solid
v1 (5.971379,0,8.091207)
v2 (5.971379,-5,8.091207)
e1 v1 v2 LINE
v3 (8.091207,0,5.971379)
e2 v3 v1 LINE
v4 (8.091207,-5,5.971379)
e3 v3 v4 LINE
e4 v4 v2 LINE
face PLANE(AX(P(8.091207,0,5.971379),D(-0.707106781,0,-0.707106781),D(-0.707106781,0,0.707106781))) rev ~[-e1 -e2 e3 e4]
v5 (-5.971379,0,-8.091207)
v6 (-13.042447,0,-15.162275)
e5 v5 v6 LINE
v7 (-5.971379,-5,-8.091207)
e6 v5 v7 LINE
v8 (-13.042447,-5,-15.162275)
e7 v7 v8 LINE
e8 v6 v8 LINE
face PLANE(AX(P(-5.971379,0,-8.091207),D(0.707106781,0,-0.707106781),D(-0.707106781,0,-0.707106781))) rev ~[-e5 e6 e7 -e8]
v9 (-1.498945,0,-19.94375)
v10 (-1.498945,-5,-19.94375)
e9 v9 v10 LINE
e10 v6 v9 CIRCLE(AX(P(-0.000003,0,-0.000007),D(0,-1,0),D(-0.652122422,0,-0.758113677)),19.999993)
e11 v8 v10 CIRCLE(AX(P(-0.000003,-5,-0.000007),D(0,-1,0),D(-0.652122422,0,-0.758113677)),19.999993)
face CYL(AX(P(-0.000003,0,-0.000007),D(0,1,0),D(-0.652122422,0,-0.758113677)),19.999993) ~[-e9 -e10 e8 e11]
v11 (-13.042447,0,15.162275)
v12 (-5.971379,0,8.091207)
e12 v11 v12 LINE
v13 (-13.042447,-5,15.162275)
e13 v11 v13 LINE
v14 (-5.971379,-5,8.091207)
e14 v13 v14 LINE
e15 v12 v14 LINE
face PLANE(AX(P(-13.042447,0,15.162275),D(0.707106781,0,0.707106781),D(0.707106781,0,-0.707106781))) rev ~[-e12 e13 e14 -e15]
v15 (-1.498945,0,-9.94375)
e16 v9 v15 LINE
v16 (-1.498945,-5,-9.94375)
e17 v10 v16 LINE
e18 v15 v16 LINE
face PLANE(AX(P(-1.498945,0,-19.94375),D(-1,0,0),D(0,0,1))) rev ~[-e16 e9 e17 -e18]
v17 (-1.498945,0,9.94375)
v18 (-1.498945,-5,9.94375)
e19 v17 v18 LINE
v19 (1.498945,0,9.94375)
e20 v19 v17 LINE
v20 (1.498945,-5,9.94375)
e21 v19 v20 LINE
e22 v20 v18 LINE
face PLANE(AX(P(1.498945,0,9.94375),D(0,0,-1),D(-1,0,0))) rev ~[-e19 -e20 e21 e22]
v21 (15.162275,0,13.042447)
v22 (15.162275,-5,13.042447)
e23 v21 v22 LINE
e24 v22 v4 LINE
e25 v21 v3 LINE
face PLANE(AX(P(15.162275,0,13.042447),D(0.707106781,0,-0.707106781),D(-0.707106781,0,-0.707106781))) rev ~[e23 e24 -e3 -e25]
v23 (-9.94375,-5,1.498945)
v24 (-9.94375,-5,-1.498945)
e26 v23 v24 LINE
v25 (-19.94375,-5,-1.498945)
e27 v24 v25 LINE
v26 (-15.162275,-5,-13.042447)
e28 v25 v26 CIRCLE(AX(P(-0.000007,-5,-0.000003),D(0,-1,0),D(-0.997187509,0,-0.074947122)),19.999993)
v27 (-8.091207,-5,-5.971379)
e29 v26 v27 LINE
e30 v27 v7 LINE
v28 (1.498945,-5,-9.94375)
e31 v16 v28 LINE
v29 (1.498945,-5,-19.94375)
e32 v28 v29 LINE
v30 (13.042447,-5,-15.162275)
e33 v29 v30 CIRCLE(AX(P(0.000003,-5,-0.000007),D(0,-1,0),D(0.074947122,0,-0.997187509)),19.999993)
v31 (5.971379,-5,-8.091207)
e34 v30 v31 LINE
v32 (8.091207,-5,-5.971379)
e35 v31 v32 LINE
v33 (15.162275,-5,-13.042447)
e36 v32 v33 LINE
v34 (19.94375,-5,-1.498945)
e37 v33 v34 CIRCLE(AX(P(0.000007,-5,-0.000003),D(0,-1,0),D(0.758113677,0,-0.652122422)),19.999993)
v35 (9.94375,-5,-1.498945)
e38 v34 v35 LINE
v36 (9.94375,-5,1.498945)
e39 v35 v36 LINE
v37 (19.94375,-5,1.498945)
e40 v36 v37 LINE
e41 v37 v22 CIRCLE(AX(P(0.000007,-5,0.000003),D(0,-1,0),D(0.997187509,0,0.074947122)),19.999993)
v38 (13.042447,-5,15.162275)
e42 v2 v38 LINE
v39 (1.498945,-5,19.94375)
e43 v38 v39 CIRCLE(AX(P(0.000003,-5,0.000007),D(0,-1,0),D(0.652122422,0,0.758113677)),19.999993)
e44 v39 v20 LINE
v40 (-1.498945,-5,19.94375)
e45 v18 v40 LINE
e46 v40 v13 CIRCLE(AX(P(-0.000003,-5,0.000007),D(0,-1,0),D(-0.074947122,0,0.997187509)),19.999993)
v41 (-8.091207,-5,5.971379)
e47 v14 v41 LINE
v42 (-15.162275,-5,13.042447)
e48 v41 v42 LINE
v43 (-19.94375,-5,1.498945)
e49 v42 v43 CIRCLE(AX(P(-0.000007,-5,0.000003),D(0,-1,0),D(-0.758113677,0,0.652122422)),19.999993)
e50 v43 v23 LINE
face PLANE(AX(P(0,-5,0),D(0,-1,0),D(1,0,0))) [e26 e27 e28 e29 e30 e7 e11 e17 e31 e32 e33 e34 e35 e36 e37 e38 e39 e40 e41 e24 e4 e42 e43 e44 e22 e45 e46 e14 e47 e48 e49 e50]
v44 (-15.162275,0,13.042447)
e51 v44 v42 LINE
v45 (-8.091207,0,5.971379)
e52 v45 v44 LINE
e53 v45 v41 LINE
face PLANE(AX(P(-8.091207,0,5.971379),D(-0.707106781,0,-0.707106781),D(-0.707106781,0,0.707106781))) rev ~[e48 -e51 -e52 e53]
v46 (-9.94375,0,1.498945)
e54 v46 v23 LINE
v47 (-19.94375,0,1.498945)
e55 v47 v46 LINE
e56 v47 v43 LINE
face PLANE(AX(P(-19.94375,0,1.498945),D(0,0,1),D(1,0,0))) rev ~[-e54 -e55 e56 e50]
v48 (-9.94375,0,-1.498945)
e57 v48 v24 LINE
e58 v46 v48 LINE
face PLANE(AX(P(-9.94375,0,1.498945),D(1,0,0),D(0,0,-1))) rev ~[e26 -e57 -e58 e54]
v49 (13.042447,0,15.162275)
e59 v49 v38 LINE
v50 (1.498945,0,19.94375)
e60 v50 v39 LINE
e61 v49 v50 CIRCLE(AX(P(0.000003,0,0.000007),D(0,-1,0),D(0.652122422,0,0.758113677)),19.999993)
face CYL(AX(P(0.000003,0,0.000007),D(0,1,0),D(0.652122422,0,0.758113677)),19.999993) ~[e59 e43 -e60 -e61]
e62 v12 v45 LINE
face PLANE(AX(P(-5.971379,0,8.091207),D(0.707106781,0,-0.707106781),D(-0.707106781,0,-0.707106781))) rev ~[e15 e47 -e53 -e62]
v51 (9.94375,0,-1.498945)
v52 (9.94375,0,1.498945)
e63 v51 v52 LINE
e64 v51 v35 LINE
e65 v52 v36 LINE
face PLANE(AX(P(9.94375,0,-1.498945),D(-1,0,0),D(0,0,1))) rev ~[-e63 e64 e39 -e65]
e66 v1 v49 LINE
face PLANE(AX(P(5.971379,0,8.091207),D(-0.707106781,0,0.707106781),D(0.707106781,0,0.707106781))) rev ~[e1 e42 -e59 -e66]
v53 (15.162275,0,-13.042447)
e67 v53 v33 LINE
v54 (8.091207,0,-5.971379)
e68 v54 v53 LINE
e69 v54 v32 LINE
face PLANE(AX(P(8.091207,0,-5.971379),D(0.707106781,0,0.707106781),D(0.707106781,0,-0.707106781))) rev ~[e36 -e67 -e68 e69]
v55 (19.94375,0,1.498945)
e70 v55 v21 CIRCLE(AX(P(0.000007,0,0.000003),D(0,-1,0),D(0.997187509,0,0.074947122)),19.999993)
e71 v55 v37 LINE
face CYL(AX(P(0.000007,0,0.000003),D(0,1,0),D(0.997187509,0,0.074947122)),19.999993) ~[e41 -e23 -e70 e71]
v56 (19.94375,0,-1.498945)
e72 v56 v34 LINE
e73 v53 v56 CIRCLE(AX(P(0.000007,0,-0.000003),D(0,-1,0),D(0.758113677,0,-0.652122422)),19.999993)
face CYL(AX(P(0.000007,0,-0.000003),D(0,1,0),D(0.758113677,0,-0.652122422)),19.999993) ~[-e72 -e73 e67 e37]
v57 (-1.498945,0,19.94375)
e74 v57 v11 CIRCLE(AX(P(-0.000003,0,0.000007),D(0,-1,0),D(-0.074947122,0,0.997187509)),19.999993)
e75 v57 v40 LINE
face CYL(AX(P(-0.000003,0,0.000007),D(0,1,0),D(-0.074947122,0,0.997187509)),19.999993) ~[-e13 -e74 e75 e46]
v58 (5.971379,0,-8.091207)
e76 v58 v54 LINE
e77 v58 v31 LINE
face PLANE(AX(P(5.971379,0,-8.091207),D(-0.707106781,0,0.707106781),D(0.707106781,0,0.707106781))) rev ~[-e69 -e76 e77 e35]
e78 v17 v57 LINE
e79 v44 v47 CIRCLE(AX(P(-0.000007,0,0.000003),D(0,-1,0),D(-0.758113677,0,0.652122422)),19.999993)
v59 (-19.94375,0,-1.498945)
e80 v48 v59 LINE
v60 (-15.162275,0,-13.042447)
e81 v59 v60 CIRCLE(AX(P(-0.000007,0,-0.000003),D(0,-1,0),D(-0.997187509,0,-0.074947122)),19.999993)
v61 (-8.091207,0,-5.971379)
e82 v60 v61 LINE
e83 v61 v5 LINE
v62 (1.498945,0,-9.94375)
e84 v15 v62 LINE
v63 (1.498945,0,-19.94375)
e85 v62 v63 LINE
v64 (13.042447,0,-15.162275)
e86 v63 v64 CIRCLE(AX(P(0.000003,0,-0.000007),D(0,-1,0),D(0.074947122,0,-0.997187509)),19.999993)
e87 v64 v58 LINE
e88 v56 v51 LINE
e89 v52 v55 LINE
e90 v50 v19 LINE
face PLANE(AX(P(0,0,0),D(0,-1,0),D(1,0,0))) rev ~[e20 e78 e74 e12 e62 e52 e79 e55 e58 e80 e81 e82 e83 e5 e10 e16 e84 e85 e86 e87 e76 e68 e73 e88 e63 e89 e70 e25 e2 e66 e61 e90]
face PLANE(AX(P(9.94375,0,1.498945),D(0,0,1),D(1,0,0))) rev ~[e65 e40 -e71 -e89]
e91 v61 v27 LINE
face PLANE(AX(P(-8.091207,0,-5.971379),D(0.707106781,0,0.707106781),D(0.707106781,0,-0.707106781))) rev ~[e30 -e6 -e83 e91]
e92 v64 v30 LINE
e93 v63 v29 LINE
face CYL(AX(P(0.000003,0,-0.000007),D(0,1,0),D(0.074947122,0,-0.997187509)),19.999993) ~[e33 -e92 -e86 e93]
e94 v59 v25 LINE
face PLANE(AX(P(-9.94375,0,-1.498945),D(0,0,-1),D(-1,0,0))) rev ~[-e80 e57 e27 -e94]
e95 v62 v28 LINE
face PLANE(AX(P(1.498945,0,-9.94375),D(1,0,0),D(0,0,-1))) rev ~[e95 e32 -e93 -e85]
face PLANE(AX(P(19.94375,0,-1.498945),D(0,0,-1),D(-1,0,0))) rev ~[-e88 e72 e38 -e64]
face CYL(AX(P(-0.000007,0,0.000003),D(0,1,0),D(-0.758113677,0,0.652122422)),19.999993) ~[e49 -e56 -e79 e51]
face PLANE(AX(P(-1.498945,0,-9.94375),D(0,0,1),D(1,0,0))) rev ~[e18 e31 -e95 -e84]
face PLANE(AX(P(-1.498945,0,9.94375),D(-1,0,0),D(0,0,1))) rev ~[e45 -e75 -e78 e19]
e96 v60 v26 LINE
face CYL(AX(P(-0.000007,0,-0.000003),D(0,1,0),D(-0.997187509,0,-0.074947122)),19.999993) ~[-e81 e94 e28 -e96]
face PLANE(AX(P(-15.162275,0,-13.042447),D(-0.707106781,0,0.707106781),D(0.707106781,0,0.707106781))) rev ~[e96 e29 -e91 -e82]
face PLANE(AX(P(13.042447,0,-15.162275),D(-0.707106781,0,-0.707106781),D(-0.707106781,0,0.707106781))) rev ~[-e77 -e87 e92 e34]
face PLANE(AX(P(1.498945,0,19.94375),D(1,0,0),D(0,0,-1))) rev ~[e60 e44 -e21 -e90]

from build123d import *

# Parameters (mm, degrees)
F1_DEPTH = 5


with BuildPart() as f1:
    # F0 (on Front) → F1 (new body)
    with BuildSketch(Plane.XZ):
        with BuildLine():
            Line((-1.498945, 9.94375), (-1.498945, 19.94375))
            ThreePointArc((-1.498945, 19.94375), (-7.653669, 18.477591), (-13.042447, 15.162275))
            Line((-13.042447, 15.162275), (-5.971379, 8.091207))
            Line((-5.971379, 8.091207), (-8.091207, 5.971379))
            Line((-8.091207, 5.971379), (-15.162275, 13.042447))
            ThreePointArc((-15.162275, 13.042447), (-18.477591, 7.653669), (-19.94375, 1.498945))
            Line((-19.94375, 1.498945), (-9.94375, 1.498945))
            Line((-9.94375, 1.498945), (-9.94375, -1.498945))
            Line((-9.94375, -1.498945), (-19.94375, -1.498945))
            ThreePointArc((-19.94375, -1.498945), (-18.477591, -7.653669), (-15.162275, -13.042447))
            Line((-15.162275, -13.042447), (-8.091207, -5.971379))
            Line((-8.091207, -5.971379), (-5.971379, -8.091207))
            Line((-5.971379, -8.091207), (-13.042447, -15.162275))
            ThreePointArc((-13.042447, -15.162275), (-7.653669, -18.477591), (-1.498945, -19.94375))
            Line((-1.498945, -19.94375), (-1.498945, -9.94375))
            Line((-1.498945, -9.94375), (1.498945, -9.94375))
            Line((1.498945, -9.94375), (1.498945, -19.94375))
            ThreePointArc((1.498945, -19.94375), (7.653669, -18.477591), (13.042447, -15.162275))
            Line((13.042447, -15.162275), (5.971379, -8.091207))
            Line((5.971379, -8.091207), (8.091207, -5.971379))
            Line((8.091207, -5.971379), (15.162275, -13.042447))
            ThreePointArc((15.162275, -13.042447), (18.477591, -7.653669), (19.94375, -1.498945))
            Line((19.94375, -1.498945), (9.94375, -1.498945))
            Line((9.94375, -1.498945), (9.94375, 1.498945))
            Line((9.94375, 1.498945), (19.94375, 1.498945))
            ThreePointArc((19.94375, 1.498945), (18.477591, 7.653669), (15.162275, 13.042447))
            Line((15.162275, 13.042447), (8.091207, 5.971379))
            Line((8.091207, 5.971379), (5.971379, 8.091207))
            Line((5.971379, 8.091207), (13.042447, 15.162275))
            ThreePointArc((13.042447, 15.162275), (7.653669, 18.477591), (1.498945, 19.94375))
            Line((1.498945, 19.94375), (1.498945, 9.94375))
            Line((1.498945, 9.94375), (-1.498945, 9.94375))
        make_face()
    extrude(amount=F1_DEPTH)


solid = f1.part
